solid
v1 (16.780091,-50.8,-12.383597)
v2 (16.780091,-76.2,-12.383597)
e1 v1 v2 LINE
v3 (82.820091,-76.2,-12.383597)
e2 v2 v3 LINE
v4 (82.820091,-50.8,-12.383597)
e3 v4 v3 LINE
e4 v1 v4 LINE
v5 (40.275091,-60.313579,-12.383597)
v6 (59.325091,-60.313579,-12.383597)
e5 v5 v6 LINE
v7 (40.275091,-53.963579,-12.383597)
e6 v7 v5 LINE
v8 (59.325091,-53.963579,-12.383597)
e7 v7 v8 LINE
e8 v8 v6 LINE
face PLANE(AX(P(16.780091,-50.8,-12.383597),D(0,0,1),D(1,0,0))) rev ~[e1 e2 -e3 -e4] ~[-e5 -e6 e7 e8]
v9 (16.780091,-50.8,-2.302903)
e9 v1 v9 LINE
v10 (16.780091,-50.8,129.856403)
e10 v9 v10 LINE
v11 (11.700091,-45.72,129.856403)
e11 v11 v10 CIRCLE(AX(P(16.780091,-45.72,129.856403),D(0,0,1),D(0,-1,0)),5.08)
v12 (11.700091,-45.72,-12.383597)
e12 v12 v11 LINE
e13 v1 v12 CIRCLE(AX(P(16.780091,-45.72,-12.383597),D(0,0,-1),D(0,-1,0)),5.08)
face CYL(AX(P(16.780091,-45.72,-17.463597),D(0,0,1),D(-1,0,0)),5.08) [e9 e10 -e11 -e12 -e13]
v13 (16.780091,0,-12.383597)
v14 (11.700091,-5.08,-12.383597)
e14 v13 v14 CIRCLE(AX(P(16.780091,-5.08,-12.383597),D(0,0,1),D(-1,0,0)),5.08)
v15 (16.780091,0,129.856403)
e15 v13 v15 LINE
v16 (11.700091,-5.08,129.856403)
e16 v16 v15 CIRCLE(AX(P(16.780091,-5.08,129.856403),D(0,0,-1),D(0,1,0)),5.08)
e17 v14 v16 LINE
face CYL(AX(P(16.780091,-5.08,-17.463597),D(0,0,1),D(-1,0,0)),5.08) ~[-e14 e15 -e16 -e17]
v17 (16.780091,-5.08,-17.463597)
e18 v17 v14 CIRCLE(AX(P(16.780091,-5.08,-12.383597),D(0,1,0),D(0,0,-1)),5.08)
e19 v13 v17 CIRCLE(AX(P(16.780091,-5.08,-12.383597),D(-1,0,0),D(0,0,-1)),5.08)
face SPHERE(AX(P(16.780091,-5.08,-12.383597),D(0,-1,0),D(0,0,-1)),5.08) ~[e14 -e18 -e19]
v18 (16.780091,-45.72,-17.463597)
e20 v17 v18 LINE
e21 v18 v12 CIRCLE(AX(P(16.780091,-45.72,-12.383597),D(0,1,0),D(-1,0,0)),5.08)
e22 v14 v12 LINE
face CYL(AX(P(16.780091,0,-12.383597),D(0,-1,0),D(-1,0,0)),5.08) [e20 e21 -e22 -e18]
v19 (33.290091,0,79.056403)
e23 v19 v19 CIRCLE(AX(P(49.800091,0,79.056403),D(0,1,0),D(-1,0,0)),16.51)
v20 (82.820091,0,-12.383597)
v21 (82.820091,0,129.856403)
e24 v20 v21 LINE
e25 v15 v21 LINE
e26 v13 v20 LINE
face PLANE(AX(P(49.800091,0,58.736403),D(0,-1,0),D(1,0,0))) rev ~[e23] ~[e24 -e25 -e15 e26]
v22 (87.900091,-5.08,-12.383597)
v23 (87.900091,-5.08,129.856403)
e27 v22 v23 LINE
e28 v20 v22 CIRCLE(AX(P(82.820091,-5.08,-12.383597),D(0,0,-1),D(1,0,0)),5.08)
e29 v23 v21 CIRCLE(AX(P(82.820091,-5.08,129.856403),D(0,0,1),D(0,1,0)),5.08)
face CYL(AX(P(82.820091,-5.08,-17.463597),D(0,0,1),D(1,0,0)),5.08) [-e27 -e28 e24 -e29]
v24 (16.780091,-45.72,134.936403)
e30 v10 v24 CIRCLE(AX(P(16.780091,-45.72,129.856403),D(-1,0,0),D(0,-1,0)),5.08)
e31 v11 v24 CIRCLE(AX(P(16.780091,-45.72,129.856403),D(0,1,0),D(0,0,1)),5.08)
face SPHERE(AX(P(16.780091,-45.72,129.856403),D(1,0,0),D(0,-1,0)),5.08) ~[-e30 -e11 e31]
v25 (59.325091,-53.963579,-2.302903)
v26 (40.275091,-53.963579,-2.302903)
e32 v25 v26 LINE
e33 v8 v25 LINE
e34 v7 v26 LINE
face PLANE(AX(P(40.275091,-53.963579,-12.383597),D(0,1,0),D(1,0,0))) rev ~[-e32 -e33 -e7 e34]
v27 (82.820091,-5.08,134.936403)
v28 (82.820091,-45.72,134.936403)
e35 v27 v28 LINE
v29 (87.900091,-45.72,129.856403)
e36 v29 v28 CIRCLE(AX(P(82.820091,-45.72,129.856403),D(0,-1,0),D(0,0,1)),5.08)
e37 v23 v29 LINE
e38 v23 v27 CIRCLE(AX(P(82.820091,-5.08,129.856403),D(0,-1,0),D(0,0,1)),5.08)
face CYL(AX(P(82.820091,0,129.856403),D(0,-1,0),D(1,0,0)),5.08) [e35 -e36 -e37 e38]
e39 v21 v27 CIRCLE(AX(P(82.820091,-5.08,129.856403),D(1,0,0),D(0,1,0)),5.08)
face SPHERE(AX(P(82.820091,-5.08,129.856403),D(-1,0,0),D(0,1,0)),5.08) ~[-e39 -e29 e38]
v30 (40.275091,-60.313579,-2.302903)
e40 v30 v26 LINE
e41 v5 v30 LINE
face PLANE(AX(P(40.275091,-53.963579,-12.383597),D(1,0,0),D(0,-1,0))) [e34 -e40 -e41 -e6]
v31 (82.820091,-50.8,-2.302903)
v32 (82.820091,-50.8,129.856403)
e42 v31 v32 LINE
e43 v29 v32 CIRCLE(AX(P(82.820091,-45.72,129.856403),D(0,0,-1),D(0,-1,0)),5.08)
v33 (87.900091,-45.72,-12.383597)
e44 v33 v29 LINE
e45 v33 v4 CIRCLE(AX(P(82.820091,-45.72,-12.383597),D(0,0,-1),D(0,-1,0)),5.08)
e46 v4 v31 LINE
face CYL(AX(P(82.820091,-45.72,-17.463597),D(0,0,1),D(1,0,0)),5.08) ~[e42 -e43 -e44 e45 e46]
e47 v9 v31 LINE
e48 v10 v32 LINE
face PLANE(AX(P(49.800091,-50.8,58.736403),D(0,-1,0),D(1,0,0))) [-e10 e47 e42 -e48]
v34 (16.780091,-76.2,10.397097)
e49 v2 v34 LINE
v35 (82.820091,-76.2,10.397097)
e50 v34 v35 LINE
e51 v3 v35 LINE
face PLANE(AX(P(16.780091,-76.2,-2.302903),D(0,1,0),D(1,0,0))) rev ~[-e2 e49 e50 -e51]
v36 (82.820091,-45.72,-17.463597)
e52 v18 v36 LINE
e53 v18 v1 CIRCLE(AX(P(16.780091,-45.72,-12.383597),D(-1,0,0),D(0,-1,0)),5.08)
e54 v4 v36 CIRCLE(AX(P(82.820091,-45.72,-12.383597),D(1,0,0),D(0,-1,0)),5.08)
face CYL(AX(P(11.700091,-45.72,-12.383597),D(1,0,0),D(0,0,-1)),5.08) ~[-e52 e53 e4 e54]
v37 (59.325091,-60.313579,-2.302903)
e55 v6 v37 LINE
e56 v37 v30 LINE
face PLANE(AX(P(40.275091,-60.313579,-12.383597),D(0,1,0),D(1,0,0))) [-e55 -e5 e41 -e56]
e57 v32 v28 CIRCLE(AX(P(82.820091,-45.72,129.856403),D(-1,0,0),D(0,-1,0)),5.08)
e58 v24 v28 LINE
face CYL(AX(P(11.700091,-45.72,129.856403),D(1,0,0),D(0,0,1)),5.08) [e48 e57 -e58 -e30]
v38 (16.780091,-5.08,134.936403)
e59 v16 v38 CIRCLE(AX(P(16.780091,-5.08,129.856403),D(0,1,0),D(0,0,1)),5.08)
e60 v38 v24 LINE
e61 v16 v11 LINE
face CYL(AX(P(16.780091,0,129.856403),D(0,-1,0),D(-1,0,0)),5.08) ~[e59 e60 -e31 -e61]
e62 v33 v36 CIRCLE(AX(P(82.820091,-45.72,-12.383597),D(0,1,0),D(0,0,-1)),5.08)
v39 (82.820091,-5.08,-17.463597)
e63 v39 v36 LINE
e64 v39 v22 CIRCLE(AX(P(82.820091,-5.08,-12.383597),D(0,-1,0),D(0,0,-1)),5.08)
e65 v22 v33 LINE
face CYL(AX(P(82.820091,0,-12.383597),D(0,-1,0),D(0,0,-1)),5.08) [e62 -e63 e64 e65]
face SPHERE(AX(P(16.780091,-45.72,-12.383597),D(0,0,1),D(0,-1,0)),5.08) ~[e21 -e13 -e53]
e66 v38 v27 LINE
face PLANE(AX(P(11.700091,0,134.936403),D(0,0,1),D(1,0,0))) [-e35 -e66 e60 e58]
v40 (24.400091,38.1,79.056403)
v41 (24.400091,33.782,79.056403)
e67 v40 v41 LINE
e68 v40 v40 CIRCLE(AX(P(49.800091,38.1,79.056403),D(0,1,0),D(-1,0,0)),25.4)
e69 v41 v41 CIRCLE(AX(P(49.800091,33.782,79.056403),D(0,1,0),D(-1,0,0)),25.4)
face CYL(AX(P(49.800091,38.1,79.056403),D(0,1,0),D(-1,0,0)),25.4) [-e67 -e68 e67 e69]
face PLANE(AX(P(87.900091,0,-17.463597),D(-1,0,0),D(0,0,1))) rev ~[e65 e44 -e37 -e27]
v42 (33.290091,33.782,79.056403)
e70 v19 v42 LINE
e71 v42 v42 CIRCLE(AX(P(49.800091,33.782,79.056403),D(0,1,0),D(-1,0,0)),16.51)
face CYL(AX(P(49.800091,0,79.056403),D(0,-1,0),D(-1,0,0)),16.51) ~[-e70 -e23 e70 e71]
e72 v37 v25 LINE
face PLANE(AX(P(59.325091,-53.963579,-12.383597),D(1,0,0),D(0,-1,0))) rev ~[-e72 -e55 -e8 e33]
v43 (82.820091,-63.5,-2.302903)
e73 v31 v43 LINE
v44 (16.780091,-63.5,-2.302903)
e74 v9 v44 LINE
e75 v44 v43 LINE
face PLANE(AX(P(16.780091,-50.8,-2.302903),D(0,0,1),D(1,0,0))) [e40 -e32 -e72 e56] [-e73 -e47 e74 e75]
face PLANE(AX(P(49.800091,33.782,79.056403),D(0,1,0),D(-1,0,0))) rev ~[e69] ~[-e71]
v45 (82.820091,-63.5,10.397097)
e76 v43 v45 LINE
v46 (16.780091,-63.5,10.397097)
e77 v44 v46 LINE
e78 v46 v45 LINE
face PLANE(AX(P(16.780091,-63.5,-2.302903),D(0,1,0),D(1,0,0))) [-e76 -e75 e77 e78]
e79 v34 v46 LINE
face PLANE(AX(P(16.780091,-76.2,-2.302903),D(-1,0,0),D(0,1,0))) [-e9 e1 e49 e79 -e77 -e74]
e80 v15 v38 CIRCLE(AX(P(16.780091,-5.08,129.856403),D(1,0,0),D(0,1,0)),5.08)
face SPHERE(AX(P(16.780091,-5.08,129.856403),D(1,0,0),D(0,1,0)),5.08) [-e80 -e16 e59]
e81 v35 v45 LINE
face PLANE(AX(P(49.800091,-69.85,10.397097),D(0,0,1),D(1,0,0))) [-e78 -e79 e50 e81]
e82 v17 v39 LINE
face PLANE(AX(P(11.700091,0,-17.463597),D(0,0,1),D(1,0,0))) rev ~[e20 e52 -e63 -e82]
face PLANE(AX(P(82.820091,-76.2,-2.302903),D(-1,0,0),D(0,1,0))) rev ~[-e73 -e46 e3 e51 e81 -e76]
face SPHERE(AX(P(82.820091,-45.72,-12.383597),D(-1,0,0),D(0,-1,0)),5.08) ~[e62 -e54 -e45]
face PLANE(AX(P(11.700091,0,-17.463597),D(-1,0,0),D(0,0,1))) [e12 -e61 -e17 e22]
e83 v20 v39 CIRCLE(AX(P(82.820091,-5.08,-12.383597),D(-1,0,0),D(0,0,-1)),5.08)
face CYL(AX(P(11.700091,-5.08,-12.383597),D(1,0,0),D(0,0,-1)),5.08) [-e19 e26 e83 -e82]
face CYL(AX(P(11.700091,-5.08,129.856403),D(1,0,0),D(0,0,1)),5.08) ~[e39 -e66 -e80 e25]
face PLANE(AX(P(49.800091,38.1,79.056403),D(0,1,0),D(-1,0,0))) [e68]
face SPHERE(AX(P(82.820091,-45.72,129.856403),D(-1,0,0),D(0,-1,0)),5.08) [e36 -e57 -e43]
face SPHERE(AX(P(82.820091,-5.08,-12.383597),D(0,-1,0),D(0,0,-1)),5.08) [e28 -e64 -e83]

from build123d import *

# Parameters (mm, degrees)
F0_W      = 76.2
F0_H      = 152.4
F1_DEPTH  = 50.8
F2_R      = 5.08
F3_W      = 66.04
F3_H      = 10.080694
F4_DEPTH  = 25.4
F5_W      = 66.04
F5_H      = 12.7
F6_DEPTH  = 12.7
F7_W      = 19.05
F7_H      = 6.35
F8_DEPTH  = 103.886
F9_R      = 16.51
F10_DEPTH = 38.1
F11_R     = 25.4
F11_R_2   = 16.51
F12_DEPTH = 4.318


with BuildPart() as f1:
    # F0 (on Front) → F1 (new body)
    with BuildSketch(Plane.XZ):
        with Locations((49.800091, 58.736403)):
            Rectangle(F0_W, F0_H)
    extrude(amount=F1_DEPTH)

    # F2
    f2_edges = [f1.edges().sort_by_distance(p)[0] for p in [
        (49.800091, -50.8, 134.936403),
        (11.700091, -50.8, 58.736403),
        (49.800091, -50.8, -17.463597),
        (87.900091, -50.8, 58.736403),
        (11.700091, -25.4, -17.463597),
        (87.900091, -25.4, -17.463597),
        (49.800091, 0, -17.463597),
        (49.800091, 0, 134.936403),
        (11.700091, 0, 58.736403),
        (87.900091, 0, 58.736403),
        (11.700091, -25.4, 134.936403),
        (87.900091, -25.4, 134.936403),
    ]]
    fillet(f2_edges, radius=F2_R)

    # F3 (on face) → F4 (join)
    with BuildSketch(Plane.XZ.offset(50.8)):
        with Locations((49.800091, -7.34325)):
            Rectangle(F3_W, F3_H)
    extrude(amount=F4_DEPTH)

    # F5 (on face) → F6 (join)
    with BuildSketch(Plane.XY.offset(-2.302903)):
        with Locations((49.800091, -69.85)):
            Rectangle(F5_W, F5_H)
    extrude(amount=F6_DEPTH)

    # F7 (on face) → F8 (cut)
    with BuildSketch(Plane(origin=(0, 0, -12.383597), x_dir=(1, 0, 0), z_dir=(0, 0, -1))):
        with Locations((49.800091, 57.138579)):
            Rectangle(F7_W, F7_H)
    extrude(amount=-F8_DEPTH, mode=Mode.SUBTRACT)

    # F9 (on face) → F10 (join)
    with BuildSketch(Plane(origin=(0, 0, 0), x_dir=(-1, 0, 0), z_dir=(0, 1, 0))):
        with Locations((-49.800091, 79.056403)):
            Circle(F9_R)
    extrude(amount=F10_DEPTH)

    # F11 (on face) → F12 (join)
    with BuildSketch(Plane(origin=(0, 38.1, 0), x_dir=(-1, 0, 0), z_dir=(0, 1, 0))):
        with Locations((-49.800091, 79.056403)):
            Circle(F11_R)
        with Locations((-49.800091, 79.056403)):
            Circle(F11_R_2, mode=Mode.SUBTRACT)
    extrude(amount=-F12_DEPTH)


solid = f1.part
